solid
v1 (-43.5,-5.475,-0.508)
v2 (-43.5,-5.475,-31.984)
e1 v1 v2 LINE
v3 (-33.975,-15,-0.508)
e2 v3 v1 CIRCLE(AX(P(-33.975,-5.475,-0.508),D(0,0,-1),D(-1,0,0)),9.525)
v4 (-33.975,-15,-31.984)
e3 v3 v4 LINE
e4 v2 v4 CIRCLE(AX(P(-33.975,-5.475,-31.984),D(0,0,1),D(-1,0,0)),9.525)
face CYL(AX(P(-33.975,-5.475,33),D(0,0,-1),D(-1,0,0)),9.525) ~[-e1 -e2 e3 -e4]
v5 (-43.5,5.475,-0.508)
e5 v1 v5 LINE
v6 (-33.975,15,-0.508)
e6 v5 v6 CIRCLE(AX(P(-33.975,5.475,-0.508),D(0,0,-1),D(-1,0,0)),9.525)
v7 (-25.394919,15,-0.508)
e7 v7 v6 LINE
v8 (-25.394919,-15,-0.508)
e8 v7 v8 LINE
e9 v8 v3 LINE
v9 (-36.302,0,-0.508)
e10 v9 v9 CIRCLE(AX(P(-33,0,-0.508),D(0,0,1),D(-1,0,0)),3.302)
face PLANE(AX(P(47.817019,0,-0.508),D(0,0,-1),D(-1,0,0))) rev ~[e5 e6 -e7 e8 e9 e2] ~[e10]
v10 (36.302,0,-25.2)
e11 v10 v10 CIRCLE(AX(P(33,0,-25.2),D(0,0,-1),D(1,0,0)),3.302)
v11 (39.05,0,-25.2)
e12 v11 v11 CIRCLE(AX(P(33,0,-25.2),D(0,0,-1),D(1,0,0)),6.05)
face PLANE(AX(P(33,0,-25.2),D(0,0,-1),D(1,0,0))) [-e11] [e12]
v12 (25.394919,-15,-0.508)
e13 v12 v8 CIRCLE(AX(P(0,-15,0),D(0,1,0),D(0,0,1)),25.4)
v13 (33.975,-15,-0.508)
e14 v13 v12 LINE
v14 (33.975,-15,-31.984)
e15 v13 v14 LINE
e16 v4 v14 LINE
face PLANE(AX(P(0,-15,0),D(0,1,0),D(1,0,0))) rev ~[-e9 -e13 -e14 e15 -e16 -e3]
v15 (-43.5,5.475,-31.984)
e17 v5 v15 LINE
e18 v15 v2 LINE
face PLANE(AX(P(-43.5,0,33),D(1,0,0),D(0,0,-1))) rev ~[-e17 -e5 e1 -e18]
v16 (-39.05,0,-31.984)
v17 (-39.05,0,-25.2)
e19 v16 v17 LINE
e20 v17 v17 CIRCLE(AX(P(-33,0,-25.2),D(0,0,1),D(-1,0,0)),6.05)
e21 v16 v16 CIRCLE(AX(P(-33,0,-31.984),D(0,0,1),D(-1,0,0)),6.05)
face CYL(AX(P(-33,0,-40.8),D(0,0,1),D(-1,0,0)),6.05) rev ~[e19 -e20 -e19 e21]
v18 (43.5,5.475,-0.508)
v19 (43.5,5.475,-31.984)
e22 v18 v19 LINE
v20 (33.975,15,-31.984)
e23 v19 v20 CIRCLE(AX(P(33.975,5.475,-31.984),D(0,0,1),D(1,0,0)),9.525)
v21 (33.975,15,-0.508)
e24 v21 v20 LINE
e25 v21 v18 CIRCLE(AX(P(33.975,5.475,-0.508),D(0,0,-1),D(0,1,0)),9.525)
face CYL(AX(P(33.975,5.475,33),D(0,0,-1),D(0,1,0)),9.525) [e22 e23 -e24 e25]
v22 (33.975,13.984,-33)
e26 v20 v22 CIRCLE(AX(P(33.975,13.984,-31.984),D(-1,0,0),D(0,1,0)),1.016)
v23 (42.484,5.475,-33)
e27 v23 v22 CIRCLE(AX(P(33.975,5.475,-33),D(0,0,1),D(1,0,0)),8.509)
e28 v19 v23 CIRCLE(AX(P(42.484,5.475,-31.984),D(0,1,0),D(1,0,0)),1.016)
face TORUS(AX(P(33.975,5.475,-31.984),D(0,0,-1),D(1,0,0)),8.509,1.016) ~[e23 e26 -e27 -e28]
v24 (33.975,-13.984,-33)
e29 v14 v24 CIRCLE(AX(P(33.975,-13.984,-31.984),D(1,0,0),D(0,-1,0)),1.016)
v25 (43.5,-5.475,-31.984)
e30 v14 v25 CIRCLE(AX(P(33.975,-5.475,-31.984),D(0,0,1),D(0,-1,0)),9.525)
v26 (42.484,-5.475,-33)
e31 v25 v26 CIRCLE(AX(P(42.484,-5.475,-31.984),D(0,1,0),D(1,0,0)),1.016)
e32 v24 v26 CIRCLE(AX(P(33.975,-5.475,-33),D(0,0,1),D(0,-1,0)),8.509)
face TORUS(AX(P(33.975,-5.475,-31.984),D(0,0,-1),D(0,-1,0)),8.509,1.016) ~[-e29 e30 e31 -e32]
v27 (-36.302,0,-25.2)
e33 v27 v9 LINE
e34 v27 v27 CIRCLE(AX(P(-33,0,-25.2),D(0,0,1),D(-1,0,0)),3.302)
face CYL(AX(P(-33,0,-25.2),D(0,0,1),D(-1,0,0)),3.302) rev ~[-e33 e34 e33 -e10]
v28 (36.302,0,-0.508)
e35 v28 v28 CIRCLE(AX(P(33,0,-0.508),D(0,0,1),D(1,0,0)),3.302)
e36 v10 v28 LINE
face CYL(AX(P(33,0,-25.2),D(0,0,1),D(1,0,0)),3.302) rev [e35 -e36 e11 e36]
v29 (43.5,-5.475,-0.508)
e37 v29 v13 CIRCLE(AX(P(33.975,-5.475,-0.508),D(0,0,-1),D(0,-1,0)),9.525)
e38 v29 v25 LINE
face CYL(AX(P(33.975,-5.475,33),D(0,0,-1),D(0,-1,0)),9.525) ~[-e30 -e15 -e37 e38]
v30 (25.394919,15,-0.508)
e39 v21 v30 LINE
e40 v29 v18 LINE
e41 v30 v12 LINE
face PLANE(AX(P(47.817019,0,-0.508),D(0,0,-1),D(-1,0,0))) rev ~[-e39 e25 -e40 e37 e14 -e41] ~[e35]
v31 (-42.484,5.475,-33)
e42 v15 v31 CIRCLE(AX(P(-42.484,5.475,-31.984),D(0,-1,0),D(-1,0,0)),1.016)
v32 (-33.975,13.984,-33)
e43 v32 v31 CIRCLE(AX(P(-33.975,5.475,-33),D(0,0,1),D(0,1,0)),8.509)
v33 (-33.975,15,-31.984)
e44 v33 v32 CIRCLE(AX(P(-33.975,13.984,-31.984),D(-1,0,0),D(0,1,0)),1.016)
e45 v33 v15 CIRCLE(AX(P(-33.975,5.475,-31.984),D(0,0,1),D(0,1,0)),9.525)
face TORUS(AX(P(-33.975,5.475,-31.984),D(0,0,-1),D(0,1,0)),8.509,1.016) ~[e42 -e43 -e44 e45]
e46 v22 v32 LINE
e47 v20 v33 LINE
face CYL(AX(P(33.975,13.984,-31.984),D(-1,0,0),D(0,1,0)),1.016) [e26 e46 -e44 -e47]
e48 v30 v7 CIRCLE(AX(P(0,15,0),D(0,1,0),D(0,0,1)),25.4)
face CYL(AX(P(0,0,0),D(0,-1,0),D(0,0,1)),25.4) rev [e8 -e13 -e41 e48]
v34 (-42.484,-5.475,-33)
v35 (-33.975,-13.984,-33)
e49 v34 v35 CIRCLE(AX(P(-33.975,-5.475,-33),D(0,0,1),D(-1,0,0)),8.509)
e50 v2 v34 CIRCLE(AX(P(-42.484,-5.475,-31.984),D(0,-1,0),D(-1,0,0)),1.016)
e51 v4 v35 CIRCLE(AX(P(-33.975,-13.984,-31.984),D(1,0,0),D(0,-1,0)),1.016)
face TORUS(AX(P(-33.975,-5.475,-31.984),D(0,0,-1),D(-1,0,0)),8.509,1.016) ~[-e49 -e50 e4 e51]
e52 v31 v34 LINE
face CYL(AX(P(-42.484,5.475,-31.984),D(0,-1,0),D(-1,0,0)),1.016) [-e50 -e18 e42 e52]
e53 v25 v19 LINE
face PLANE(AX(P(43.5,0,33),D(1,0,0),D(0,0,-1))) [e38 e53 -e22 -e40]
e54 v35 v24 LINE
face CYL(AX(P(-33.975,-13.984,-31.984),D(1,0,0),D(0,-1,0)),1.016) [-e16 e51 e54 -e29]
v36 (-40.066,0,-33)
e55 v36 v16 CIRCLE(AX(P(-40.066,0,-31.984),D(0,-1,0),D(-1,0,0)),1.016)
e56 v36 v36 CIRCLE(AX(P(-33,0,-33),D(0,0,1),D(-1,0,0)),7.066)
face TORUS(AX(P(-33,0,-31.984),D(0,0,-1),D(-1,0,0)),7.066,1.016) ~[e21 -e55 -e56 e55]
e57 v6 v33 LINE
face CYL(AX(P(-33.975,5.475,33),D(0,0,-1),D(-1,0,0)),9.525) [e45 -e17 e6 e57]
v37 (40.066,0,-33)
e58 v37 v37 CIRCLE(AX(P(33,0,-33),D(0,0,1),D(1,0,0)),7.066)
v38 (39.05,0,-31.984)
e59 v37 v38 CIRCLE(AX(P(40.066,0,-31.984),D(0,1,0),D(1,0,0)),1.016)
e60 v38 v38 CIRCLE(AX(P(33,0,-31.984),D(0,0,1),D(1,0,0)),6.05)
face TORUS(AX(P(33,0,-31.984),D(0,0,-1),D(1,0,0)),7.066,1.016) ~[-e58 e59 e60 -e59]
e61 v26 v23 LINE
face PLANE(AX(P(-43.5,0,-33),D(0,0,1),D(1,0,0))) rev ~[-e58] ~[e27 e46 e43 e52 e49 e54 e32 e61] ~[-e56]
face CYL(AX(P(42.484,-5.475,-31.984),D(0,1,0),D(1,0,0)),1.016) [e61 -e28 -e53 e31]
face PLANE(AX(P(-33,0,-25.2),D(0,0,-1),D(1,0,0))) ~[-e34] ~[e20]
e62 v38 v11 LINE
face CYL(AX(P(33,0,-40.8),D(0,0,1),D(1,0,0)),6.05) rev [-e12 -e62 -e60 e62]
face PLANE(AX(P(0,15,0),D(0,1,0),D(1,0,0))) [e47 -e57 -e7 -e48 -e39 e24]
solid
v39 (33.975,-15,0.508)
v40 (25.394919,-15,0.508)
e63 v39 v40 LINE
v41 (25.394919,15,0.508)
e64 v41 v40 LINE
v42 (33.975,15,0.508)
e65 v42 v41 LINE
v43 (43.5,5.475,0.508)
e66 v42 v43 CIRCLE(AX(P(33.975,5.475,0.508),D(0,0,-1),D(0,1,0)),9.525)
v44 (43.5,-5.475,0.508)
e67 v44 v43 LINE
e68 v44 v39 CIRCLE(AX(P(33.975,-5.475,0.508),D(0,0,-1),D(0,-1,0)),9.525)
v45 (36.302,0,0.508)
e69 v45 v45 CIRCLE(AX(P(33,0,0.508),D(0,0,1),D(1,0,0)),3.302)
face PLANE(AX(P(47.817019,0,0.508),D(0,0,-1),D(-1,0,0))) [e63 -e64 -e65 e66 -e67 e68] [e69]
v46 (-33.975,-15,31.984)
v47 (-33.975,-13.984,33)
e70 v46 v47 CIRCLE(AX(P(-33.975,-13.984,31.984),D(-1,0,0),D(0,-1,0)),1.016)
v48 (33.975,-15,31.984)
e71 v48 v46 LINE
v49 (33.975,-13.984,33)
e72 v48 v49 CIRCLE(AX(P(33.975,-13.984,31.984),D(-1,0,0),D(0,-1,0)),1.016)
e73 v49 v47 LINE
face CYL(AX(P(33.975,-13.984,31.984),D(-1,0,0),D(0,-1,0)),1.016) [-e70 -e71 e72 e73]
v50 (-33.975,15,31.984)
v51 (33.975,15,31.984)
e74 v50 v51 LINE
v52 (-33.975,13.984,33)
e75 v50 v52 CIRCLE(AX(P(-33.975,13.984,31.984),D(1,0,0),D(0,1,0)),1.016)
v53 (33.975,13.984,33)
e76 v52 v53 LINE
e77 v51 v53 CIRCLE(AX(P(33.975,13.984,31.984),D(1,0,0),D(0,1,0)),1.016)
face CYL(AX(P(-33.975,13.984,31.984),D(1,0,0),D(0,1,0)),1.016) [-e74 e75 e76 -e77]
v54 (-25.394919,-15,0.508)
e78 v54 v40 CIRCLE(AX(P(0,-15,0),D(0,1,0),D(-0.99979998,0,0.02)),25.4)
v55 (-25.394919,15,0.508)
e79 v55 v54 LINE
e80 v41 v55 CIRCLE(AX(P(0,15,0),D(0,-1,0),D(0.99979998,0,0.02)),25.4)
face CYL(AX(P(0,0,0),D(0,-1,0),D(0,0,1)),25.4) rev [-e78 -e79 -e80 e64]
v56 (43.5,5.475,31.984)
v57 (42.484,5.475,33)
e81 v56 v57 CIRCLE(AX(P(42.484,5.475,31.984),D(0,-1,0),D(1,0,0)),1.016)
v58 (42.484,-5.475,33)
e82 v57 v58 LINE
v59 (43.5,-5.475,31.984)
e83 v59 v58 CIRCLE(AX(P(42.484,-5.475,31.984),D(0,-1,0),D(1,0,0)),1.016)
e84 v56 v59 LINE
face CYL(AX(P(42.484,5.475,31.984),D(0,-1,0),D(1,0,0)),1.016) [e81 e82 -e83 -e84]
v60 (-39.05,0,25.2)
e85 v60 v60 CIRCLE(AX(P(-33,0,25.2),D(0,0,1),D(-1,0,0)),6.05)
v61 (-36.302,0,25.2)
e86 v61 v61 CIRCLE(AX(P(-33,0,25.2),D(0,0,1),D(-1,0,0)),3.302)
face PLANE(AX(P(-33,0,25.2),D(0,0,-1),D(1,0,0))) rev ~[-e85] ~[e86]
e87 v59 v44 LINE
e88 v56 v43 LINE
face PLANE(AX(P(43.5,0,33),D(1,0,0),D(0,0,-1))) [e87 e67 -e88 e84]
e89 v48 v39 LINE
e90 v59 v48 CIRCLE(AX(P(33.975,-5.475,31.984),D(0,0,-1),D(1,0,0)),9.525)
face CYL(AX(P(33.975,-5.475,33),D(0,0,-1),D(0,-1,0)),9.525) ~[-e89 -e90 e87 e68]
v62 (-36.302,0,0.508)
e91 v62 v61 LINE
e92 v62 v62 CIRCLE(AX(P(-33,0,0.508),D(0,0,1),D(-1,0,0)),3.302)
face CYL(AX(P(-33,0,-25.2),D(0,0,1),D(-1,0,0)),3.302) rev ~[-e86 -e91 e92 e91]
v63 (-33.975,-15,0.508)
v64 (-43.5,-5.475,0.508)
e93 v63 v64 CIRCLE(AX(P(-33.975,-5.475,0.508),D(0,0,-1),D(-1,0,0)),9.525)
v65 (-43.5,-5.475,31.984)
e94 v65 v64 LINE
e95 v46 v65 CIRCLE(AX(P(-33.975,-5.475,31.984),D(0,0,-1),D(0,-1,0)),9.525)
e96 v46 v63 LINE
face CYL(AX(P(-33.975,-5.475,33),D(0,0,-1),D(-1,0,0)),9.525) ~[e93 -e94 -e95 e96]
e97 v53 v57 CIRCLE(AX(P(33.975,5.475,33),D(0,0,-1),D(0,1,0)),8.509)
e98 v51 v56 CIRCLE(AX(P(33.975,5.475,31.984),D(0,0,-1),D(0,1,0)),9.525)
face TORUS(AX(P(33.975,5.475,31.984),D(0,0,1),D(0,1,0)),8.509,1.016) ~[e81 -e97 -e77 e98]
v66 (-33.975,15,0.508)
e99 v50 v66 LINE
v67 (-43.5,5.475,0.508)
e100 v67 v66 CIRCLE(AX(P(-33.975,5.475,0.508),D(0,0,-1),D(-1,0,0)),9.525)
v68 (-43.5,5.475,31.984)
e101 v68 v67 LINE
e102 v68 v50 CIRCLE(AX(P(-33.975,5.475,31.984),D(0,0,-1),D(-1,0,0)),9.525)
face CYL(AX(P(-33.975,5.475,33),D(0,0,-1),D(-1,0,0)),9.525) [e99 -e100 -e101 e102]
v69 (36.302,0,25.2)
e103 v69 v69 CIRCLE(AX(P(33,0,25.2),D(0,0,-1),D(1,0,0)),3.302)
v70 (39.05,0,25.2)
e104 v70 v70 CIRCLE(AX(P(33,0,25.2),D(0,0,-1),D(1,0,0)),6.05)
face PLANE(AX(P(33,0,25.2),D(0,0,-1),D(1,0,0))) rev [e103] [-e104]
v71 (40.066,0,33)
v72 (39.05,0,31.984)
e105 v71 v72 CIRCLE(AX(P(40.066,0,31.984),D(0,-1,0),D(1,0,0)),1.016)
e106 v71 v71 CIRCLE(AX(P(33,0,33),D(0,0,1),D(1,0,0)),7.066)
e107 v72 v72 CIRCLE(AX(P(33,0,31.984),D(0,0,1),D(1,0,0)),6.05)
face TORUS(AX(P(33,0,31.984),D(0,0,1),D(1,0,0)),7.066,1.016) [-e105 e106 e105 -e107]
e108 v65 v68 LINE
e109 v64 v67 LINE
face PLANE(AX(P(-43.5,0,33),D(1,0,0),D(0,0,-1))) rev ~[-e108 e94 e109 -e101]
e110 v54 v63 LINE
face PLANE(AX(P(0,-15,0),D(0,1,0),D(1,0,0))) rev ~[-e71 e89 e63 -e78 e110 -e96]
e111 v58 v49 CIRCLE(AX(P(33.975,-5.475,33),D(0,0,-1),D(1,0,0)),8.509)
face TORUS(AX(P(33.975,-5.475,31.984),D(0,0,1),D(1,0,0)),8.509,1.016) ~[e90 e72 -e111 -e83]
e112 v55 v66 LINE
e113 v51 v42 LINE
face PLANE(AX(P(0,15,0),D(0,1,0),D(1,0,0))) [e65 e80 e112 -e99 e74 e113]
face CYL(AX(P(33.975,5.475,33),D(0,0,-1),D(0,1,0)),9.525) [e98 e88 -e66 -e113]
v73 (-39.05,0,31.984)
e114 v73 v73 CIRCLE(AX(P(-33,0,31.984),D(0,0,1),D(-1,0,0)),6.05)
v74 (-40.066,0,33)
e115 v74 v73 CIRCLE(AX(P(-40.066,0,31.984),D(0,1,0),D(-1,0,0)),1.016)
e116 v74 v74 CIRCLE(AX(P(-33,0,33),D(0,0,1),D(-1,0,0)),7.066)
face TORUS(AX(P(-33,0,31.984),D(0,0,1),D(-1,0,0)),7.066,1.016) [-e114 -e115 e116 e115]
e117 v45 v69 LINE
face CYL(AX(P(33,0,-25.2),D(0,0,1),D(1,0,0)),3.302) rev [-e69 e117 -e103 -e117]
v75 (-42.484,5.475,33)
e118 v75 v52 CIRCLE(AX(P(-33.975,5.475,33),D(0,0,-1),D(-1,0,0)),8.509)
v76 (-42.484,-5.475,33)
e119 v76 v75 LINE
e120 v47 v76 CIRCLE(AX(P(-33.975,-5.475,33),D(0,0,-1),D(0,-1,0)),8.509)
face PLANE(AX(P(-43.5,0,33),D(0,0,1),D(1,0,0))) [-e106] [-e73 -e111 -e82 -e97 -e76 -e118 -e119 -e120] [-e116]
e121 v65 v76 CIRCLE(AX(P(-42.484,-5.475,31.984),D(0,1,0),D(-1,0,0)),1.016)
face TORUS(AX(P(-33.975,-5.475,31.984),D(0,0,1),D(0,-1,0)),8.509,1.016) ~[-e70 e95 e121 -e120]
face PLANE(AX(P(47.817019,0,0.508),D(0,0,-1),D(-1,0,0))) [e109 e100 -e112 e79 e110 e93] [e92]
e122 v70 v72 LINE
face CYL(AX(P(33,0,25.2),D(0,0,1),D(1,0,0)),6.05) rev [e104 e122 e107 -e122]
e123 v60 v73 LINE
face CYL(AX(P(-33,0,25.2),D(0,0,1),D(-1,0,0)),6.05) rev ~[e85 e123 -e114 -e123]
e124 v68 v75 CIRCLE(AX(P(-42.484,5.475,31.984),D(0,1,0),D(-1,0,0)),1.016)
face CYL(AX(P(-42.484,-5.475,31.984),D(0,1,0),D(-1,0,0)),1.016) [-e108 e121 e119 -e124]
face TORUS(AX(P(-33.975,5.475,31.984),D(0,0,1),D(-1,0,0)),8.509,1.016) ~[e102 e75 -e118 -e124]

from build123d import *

# Parameters (mm, degrees)
SKETCH1_W          = 87
SKETCH1_H          = 66
SKETCH1_R          = 25.4
EXTRUDE1_DEPTH     = 15
FILLET1_R          = 9.525
FILLET2_R          = 1.016
SKETCH3_W          = 94.004218742
SKETCH3_H          = 1.016
CUT_EXTRUDE1_DEPTH = 25.4


with BuildPart() as part:
    # Sketch1 → Extrude1 (new, symmetric)
    with BuildSketch(Plane(origin=(0, 0, 0), x_dir=(1, 0, 0), z_dir=(0, 1, 0))):
        Rectangle(SKETCH1_W, SKETCH1_H)
        with Locations(Location((0, 0, 0), (0, 0, 270))):
            Circle(SKETCH1_R, mode=Mode.SUBTRACT)
    extrude(amount=EXTRUDE1_DEPTH, both=True)

    # Sketch4 → Cut-Revolve1 (revolve, cut)
    with BuildSketch(Plane(origin=(33, 0, 0), x_dir=(0, 0, -1), z_dir=(1, 0, 0)), mode=Mode.PRIVATE) as cut_revolve1_sk:
        Polygon((-40.8, 0), (40.8, 0), (40.8, 6.05), (25.2, 6.05), (25.2, 3.302), (-25.2, 3.302), (-25.2, 6.05), (-40.8, 6.05), align=None)
    cut_revolve1 = revolve(cut_revolve1_sk.sketch.rotate(Axis((33, 0, -40.8), (0, 0, -1)), 90), axis=Axis((33, 0, -40.8), (0, 0, -1)), mode=Mode.SUBTRACT)

    # Mirror1: Cut-Revolve1 across plane
    add(cut_revolve1.mirror(Plane(origin=(0, 0, 0), x_dir=(0, 0, 1), z_dir=(1, 0, 0))), mode=Mode.SUBTRACT)

    # Fillet1
    fillet1_edges = [part.edges().sort_by_distance(p)[0] for p in [
        (43.5, 15, 0),
        (-43.5, 15, 0),
        (43.5, -15, 0),
        (-43.5, -15, 0),
    ]]
    fillet(fillet1_edges, radius=FILLET1_R)

    # Fillet2
    fillet2_edges = [part.edges().sort_by_distance(p)[0] for p in [
        (26.95, 0, -33),
        (26.95, 0, 33),
        (-26.95, 0, -33),
        (-26.95, 0, 33),
        (-43.5, 0, 33),
        (-43.5, 0, -33),
        (0, -15, 33),
        (43.5, 0, 33),
        (0, 15, 33),
        (40.710192091, 12.210192091, 33),
        (40.710192091, -12.210192091, 33),
        (-40.710192091, 12.210192091, 33),
        (-40.710192091, -12.210192091, 33),
        (0, -15, -33),
        (0, 15, -33),
        (43.5, 0, -33),
        (40.710192091, 12.210192091, -33),
        (40.710192091, -12.210192091, -33),
        (-40.710192091, 12.210192091, -33),
        (-40.710192091, -12.210192091, -33),
    ]]
    fillet(fillet2_edges, radius=FILLET2_R)

    # Sketch3 → Cut-Extrude1 (cut, symmetric)
    with BuildSketch(Plane(origin=(0, 0, 0), x_dir=(-1, 0, 0), z_dir=(0, 1, 0))):
        with Locations((-0.814909873, 0)):
            Rectangle(SKETCH3_W, SKETCH3_H)
    extrude(amount=CUT_EXTRUDE1_DEPTH, both=True, mode=Mode.SUBTRACT)


with BuildPart() as cut_extrude1_piece_1:
    # of the separate pieces the step leaves, piece 1, a body of its own (cut_extrude1_pieces)
    add(part.part.solids().sort_by_distance((-43.5, 5.475, -31.984))[0])


with BuildPart() as cut_extrude1_piece_2:
    # of the separate pieces the step leaves, piece 2, a body of its own (cut_extrude1_pieces)
    add(part.part.solids().sort_by_distance((40.066, 0, 33))[0])


solid = Compound([cut_extrude1_piece_1.part, cut_extrude1_piece_2.part])
